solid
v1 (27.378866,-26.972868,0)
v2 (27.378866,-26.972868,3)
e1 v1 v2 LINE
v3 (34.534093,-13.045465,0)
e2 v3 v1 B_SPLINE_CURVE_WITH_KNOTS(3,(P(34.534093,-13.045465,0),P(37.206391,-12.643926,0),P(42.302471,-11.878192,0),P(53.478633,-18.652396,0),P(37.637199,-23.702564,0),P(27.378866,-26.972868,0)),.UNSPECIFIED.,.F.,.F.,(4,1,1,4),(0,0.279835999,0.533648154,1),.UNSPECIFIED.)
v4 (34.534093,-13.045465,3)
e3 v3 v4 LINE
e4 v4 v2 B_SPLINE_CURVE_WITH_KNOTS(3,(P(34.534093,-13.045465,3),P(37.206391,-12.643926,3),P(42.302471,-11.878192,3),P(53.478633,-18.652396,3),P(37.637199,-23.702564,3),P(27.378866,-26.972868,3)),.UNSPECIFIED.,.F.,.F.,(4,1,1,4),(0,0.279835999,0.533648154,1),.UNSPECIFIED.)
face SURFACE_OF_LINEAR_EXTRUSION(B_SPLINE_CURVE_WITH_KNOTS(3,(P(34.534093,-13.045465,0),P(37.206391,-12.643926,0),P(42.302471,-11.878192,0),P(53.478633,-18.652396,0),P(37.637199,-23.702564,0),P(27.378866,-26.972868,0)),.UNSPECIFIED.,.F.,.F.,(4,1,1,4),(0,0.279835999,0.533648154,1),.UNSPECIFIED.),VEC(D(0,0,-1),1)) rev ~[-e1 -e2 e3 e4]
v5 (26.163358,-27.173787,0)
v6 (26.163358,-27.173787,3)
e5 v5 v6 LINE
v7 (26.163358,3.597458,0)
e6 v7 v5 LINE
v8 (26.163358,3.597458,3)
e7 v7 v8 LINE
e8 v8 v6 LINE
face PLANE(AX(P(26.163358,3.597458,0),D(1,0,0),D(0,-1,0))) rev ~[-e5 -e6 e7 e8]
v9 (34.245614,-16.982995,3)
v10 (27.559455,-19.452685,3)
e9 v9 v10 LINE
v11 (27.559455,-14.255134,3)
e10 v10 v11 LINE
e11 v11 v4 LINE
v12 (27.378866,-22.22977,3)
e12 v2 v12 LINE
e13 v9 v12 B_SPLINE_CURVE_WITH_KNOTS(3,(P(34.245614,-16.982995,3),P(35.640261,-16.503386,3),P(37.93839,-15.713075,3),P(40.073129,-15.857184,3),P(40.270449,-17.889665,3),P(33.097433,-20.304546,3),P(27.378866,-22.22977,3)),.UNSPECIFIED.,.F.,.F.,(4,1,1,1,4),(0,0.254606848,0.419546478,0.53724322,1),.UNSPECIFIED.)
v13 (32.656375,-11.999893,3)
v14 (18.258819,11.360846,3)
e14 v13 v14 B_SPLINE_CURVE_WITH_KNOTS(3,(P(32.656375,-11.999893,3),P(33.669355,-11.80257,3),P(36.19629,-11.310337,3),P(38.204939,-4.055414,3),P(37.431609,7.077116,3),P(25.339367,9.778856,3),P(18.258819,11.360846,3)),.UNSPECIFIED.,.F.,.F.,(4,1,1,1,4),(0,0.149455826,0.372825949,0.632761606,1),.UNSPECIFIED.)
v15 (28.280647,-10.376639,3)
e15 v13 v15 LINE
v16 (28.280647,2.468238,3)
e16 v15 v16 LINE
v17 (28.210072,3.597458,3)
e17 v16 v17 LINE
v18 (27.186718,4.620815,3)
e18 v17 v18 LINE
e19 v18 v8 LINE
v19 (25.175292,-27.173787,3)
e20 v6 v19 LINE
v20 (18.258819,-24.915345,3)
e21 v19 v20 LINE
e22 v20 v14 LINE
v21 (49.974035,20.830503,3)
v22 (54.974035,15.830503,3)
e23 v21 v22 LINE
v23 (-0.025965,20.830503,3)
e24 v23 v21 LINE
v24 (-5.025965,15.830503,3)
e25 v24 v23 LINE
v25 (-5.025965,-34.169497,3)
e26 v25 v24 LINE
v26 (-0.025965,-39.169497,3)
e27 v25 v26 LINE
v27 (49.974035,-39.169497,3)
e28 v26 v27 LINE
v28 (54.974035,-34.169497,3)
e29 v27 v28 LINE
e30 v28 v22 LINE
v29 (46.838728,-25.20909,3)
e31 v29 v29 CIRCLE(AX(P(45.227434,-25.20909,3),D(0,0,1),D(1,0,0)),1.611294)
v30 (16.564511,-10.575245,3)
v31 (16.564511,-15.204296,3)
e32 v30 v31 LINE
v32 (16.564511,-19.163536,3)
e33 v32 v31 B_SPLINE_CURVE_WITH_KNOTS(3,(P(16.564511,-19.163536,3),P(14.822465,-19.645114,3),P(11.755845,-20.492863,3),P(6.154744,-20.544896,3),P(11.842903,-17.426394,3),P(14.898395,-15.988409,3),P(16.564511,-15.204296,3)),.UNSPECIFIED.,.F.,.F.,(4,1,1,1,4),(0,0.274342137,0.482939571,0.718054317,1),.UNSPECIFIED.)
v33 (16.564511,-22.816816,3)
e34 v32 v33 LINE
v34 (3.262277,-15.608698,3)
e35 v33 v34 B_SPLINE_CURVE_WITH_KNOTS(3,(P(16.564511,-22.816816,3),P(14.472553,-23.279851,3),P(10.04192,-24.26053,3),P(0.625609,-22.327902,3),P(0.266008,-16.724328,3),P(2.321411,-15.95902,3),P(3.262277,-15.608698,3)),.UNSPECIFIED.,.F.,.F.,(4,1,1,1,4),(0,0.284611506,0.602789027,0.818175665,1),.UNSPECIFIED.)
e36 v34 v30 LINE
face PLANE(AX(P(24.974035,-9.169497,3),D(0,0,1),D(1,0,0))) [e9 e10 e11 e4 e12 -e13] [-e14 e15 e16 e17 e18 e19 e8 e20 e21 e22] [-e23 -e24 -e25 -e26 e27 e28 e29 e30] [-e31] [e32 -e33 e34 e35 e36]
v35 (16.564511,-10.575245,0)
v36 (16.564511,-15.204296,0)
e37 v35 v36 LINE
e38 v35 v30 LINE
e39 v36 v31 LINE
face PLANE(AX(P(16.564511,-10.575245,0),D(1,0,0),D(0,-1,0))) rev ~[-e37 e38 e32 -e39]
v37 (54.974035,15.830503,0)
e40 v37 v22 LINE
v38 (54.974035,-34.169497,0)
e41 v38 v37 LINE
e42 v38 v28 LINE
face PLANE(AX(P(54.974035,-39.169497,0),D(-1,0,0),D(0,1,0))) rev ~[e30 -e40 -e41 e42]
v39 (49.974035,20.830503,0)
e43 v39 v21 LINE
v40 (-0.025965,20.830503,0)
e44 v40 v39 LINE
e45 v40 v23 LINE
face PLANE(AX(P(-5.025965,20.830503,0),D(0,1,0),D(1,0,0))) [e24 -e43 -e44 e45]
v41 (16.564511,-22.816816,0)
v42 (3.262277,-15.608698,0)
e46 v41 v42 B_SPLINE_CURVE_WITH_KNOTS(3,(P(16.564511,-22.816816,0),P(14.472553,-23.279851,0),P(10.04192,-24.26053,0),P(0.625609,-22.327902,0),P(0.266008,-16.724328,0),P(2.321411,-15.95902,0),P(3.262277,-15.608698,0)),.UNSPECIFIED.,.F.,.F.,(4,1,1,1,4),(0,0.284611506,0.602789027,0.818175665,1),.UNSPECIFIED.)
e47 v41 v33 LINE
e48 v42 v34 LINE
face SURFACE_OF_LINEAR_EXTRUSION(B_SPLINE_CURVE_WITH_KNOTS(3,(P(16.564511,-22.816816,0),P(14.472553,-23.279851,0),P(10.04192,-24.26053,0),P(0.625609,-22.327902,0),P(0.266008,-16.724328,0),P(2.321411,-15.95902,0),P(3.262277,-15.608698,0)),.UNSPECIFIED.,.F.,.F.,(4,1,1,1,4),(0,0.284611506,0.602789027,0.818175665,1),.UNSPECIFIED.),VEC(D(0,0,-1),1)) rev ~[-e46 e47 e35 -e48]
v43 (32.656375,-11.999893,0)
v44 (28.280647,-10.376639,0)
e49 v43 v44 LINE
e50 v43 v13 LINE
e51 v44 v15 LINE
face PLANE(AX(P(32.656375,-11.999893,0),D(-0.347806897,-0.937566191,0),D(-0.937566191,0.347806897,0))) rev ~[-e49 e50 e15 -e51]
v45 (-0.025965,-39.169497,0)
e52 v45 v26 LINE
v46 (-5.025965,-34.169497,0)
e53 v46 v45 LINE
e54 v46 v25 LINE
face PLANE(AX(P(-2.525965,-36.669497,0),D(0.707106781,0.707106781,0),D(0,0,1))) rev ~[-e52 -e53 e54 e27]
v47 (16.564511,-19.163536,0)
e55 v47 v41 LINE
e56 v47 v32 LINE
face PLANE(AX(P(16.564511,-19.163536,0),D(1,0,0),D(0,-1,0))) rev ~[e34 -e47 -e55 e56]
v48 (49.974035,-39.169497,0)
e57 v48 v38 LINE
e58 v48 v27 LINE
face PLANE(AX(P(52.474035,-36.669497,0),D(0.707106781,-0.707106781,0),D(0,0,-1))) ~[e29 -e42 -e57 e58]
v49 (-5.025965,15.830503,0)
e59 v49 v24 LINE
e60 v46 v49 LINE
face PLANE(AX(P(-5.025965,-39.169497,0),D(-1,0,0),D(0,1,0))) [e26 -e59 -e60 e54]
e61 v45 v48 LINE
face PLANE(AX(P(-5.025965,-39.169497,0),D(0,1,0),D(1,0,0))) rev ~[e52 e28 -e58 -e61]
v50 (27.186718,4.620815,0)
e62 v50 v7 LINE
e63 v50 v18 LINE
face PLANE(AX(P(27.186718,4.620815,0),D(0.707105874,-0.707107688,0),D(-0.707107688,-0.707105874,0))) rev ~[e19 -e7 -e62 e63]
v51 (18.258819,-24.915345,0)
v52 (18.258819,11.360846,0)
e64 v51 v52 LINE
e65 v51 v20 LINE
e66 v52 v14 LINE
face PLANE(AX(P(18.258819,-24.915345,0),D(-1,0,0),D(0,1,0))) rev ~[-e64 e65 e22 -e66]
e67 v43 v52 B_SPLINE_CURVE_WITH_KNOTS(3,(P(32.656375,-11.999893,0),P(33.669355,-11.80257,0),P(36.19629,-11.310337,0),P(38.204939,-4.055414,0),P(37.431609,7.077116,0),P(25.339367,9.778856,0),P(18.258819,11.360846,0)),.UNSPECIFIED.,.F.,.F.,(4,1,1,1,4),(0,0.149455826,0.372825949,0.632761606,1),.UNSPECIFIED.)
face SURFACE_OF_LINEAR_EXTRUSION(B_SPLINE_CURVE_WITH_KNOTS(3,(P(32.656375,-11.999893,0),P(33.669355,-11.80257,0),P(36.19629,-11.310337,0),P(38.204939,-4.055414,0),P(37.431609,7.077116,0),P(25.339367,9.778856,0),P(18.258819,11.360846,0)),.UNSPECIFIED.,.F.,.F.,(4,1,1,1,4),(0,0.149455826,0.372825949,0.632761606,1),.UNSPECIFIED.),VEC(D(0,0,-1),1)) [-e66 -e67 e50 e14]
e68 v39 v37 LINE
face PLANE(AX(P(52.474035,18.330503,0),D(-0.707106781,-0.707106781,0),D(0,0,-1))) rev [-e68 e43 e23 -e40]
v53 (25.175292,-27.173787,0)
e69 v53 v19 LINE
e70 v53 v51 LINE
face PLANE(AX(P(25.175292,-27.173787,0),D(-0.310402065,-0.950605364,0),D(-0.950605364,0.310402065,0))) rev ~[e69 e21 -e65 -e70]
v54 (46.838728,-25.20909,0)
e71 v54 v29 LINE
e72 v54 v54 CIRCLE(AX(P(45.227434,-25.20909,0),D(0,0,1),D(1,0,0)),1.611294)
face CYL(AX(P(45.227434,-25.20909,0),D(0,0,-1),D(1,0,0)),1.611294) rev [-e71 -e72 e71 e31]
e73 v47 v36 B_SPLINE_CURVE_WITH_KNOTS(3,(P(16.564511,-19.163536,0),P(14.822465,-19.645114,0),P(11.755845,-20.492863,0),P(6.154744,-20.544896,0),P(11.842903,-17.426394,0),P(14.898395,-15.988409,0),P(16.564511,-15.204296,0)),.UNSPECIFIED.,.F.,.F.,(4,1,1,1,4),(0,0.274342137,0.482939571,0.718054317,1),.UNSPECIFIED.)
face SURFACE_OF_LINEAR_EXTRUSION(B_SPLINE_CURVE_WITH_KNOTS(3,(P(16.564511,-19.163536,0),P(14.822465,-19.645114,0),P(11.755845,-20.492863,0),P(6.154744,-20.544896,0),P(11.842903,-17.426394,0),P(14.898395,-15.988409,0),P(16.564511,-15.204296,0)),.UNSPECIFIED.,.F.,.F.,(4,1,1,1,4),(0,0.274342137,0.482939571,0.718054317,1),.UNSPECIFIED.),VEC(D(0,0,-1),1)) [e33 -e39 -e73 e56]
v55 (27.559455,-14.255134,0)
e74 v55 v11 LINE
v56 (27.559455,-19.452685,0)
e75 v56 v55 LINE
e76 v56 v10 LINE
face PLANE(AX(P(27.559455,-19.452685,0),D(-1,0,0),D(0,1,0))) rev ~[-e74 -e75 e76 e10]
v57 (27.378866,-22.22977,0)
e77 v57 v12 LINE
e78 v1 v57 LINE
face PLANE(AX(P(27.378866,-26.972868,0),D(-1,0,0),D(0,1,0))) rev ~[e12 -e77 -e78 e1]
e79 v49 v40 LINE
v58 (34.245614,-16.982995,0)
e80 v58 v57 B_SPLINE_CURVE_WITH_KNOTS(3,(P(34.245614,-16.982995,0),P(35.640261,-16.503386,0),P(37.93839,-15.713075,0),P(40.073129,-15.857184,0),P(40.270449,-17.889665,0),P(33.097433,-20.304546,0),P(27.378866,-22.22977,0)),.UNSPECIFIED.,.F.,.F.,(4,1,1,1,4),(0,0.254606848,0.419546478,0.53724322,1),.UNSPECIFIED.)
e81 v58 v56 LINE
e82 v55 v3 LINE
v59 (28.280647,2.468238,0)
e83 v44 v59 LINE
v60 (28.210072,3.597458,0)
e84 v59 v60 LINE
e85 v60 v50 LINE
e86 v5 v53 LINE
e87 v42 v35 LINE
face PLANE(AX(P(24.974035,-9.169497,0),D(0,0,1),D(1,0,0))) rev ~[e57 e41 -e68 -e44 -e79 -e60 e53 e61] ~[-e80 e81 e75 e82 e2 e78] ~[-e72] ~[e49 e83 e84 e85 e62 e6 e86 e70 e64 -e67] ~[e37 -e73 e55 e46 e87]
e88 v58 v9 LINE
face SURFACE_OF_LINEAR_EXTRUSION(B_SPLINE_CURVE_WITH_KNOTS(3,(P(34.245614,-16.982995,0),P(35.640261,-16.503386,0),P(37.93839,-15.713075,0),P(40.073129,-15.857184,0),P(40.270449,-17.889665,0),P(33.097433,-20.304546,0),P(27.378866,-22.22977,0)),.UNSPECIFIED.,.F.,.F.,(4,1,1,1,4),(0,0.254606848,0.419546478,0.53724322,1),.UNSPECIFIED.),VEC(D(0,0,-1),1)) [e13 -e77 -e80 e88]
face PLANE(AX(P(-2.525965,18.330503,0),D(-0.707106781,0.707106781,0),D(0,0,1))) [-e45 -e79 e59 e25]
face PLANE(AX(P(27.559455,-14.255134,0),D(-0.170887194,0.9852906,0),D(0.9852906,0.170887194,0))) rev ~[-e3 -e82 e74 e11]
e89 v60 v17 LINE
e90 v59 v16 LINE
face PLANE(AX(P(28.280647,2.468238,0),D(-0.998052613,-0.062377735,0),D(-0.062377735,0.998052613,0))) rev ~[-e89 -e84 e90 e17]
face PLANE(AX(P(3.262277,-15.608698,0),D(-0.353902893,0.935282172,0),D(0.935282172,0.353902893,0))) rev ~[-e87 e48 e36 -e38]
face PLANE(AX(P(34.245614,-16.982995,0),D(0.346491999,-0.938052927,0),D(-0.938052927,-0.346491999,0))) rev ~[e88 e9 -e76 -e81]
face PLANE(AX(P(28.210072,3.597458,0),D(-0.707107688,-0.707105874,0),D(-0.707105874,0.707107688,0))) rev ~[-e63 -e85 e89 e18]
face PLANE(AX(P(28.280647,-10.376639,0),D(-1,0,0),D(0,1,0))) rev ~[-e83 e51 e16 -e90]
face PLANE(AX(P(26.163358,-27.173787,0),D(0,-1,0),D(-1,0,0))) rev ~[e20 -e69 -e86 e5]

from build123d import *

# Parameters (mm, degrees)
F0_W     = 60
F0_H     = 60
F0_R     = 1.6112939769
F1_DEPTH = 3
F2_SIZE  = 5


with BuildPart() as f1:
    # F0 (on Top) → F1 (new body)
    with BuildSketch(Plane.XY):
        with Locations((24.9740350166, -9.1694972429)):
            Rectangle(F0_W, F0_H)
        with BuildLine():
            Line((3.2622774597, -15.6086981297), (16.5645107627, -10.5752451345))
            Line((16.5645107627, -10.5752451345), (16.5645107627, -15.204295516))
            add(Edge.make_bspline(
                [(16.5645107627, -19.1635359079), (14.8224645411, -19.6451143125), (11.7558446548, -20.4928632954), (6.1547440409, -20.5448956868), (11.8429032498, -17.426394245), (14.8983947786, -15.9884085963), (16.5645107627, -15.204295516)],
                knots=[0, 0, 0, 0, 0.2743421374, 0.4829395706, 0.7180543169, 1, 1, 1, 1], degree=3))
            Line((16.5645107627, -19.1635359079), (16.5645107627, -22.8168163449))
            add(Edge.make_bspline(
                [(16.5645107627, -22.8168163449), (14.4725531382, -23.2798512694), (10.0419202377, -24.2605297243), (0.6256088462, -22.3279022421), (0.2660082773, -16.7243281021), (2.3214114275, -15.9590199071), (3.2622774597, -15.6086981297)],
                knots=[0, 0, 0, 0, 0.2846115058, 0.6027890272, 0.8181756645, 1, 1, 1, 1], degree=3))
        make_face(mode=Mode.SUBTRACT)
        with Locations((45.2274344862, -25.2090897411)):
            Circle(F0_R, mode=Mode.SUBTRACT)
        with BuildLine():
            Line((27.5594554842, -19.4526854903), (27.5594554842, -14.2551343888))
            Line((27.5594554842, -14.2551343888), (34.5340929925, -13.0454646423))
            add(Edge.make_bspline(
                [(34.5340929925, -13.0454646423), (37.2063908175, -12.6439263534), (42.3024714088, -11.8781915384), (53.478633217, -18.6523955934), (37.6371992304, -23.7025636039), (27.378866449, -26.9728675485)],
                knots=[0, 0, 0, 0, 0.2798359986, 0.5336481539, 1, 1, 1, 1], degree=3))
            Line((27.378866449, -26.9728675485), (27.378866449, -22.2297701985))
            add(Edge.make_bspline(
                [(34.2456139624, -16.9829949737), (35.640261338, -16.5033856088), (37.9383903882, -15.7130752885), (40.0731287249, -15.8571844549), (40.2704488484, -17.8896647841), (33.0974326396, -20.3045464891), (27.378866449, -22.2297701985)],
                knots=[0, 0, 0, 0, 0.2546068482, 0.4195464779, 0.5372432196, 1, 1, 1, 1], degree=3))
            Line((34.2456139624, -16.9829949737), (27.5594554842, -19.4526854903))
        make_face(mode=Mode.SUBTRACT)
        with BuildLine():
            Line((18.2588193566, -24.9153450131), (18.2588193566, 11.3608455285))
            add(Edge.make_bspline(
                [(32.6563753188, -11.9998930022), (33.6693549813, -11.8025701643), (36.1962896301, -11.3103372651), (38.2049388483, -4.0554139358), (37.4316089742, 7.077116303), (25.3393667705, 9.7788562356), (18.2588193566, 11.3608455285)],
                knots=[0, 0, 0, 0, 0.1494558255, 0.3728259491, 0.6327616062, 1, 1, 1, 1], degree=3))
            Line((32.6563753188, -11.9998930022), (28.2806474715, -10.3766387329))
            Line((28.2806474715, -10.3766387329), (28.2806474715, 2.468238119))
            Line((28.2806474715, 2.468238119), (28.2100718468, 3.597458126))
            Line((28.2100718468, 3.597458126), (27.1867176699, 4.6208149288))
            Line((27.1867176699, 4.6208149288), (26.1633582413, 3.597458126))
            Line((26.1633582413, 3.597458126), (26.1633582413, 1.7624760512))
            Line((26.1633582413, 1.7624760512), (26.1633582413, -27.1737873554))
            Line((26.1633582413, -27.1737873554), (25.1752920449, -27.1737873554))
            Line((25.1752920449, -27.1737873554), (18.2588193566, -24.9153450131))
        make_face(mode=Mode.SUBTRACT)
    extrude(amount=F1_DEPTH)

    # F2
    f2_edges = [f1.edges().sort_by_distance(p)[0] for p in [
        (-5.025965, 20.830503, 1.5),
        (-5.025965, -39.169497, 1.5),
        (54.974035, -39.169497, 1.5),
        (54.974035, 20.830503, 1.5),
    ]]
    chamfer(f2_edges, length=F2_SIZE)


solid = f1.part
